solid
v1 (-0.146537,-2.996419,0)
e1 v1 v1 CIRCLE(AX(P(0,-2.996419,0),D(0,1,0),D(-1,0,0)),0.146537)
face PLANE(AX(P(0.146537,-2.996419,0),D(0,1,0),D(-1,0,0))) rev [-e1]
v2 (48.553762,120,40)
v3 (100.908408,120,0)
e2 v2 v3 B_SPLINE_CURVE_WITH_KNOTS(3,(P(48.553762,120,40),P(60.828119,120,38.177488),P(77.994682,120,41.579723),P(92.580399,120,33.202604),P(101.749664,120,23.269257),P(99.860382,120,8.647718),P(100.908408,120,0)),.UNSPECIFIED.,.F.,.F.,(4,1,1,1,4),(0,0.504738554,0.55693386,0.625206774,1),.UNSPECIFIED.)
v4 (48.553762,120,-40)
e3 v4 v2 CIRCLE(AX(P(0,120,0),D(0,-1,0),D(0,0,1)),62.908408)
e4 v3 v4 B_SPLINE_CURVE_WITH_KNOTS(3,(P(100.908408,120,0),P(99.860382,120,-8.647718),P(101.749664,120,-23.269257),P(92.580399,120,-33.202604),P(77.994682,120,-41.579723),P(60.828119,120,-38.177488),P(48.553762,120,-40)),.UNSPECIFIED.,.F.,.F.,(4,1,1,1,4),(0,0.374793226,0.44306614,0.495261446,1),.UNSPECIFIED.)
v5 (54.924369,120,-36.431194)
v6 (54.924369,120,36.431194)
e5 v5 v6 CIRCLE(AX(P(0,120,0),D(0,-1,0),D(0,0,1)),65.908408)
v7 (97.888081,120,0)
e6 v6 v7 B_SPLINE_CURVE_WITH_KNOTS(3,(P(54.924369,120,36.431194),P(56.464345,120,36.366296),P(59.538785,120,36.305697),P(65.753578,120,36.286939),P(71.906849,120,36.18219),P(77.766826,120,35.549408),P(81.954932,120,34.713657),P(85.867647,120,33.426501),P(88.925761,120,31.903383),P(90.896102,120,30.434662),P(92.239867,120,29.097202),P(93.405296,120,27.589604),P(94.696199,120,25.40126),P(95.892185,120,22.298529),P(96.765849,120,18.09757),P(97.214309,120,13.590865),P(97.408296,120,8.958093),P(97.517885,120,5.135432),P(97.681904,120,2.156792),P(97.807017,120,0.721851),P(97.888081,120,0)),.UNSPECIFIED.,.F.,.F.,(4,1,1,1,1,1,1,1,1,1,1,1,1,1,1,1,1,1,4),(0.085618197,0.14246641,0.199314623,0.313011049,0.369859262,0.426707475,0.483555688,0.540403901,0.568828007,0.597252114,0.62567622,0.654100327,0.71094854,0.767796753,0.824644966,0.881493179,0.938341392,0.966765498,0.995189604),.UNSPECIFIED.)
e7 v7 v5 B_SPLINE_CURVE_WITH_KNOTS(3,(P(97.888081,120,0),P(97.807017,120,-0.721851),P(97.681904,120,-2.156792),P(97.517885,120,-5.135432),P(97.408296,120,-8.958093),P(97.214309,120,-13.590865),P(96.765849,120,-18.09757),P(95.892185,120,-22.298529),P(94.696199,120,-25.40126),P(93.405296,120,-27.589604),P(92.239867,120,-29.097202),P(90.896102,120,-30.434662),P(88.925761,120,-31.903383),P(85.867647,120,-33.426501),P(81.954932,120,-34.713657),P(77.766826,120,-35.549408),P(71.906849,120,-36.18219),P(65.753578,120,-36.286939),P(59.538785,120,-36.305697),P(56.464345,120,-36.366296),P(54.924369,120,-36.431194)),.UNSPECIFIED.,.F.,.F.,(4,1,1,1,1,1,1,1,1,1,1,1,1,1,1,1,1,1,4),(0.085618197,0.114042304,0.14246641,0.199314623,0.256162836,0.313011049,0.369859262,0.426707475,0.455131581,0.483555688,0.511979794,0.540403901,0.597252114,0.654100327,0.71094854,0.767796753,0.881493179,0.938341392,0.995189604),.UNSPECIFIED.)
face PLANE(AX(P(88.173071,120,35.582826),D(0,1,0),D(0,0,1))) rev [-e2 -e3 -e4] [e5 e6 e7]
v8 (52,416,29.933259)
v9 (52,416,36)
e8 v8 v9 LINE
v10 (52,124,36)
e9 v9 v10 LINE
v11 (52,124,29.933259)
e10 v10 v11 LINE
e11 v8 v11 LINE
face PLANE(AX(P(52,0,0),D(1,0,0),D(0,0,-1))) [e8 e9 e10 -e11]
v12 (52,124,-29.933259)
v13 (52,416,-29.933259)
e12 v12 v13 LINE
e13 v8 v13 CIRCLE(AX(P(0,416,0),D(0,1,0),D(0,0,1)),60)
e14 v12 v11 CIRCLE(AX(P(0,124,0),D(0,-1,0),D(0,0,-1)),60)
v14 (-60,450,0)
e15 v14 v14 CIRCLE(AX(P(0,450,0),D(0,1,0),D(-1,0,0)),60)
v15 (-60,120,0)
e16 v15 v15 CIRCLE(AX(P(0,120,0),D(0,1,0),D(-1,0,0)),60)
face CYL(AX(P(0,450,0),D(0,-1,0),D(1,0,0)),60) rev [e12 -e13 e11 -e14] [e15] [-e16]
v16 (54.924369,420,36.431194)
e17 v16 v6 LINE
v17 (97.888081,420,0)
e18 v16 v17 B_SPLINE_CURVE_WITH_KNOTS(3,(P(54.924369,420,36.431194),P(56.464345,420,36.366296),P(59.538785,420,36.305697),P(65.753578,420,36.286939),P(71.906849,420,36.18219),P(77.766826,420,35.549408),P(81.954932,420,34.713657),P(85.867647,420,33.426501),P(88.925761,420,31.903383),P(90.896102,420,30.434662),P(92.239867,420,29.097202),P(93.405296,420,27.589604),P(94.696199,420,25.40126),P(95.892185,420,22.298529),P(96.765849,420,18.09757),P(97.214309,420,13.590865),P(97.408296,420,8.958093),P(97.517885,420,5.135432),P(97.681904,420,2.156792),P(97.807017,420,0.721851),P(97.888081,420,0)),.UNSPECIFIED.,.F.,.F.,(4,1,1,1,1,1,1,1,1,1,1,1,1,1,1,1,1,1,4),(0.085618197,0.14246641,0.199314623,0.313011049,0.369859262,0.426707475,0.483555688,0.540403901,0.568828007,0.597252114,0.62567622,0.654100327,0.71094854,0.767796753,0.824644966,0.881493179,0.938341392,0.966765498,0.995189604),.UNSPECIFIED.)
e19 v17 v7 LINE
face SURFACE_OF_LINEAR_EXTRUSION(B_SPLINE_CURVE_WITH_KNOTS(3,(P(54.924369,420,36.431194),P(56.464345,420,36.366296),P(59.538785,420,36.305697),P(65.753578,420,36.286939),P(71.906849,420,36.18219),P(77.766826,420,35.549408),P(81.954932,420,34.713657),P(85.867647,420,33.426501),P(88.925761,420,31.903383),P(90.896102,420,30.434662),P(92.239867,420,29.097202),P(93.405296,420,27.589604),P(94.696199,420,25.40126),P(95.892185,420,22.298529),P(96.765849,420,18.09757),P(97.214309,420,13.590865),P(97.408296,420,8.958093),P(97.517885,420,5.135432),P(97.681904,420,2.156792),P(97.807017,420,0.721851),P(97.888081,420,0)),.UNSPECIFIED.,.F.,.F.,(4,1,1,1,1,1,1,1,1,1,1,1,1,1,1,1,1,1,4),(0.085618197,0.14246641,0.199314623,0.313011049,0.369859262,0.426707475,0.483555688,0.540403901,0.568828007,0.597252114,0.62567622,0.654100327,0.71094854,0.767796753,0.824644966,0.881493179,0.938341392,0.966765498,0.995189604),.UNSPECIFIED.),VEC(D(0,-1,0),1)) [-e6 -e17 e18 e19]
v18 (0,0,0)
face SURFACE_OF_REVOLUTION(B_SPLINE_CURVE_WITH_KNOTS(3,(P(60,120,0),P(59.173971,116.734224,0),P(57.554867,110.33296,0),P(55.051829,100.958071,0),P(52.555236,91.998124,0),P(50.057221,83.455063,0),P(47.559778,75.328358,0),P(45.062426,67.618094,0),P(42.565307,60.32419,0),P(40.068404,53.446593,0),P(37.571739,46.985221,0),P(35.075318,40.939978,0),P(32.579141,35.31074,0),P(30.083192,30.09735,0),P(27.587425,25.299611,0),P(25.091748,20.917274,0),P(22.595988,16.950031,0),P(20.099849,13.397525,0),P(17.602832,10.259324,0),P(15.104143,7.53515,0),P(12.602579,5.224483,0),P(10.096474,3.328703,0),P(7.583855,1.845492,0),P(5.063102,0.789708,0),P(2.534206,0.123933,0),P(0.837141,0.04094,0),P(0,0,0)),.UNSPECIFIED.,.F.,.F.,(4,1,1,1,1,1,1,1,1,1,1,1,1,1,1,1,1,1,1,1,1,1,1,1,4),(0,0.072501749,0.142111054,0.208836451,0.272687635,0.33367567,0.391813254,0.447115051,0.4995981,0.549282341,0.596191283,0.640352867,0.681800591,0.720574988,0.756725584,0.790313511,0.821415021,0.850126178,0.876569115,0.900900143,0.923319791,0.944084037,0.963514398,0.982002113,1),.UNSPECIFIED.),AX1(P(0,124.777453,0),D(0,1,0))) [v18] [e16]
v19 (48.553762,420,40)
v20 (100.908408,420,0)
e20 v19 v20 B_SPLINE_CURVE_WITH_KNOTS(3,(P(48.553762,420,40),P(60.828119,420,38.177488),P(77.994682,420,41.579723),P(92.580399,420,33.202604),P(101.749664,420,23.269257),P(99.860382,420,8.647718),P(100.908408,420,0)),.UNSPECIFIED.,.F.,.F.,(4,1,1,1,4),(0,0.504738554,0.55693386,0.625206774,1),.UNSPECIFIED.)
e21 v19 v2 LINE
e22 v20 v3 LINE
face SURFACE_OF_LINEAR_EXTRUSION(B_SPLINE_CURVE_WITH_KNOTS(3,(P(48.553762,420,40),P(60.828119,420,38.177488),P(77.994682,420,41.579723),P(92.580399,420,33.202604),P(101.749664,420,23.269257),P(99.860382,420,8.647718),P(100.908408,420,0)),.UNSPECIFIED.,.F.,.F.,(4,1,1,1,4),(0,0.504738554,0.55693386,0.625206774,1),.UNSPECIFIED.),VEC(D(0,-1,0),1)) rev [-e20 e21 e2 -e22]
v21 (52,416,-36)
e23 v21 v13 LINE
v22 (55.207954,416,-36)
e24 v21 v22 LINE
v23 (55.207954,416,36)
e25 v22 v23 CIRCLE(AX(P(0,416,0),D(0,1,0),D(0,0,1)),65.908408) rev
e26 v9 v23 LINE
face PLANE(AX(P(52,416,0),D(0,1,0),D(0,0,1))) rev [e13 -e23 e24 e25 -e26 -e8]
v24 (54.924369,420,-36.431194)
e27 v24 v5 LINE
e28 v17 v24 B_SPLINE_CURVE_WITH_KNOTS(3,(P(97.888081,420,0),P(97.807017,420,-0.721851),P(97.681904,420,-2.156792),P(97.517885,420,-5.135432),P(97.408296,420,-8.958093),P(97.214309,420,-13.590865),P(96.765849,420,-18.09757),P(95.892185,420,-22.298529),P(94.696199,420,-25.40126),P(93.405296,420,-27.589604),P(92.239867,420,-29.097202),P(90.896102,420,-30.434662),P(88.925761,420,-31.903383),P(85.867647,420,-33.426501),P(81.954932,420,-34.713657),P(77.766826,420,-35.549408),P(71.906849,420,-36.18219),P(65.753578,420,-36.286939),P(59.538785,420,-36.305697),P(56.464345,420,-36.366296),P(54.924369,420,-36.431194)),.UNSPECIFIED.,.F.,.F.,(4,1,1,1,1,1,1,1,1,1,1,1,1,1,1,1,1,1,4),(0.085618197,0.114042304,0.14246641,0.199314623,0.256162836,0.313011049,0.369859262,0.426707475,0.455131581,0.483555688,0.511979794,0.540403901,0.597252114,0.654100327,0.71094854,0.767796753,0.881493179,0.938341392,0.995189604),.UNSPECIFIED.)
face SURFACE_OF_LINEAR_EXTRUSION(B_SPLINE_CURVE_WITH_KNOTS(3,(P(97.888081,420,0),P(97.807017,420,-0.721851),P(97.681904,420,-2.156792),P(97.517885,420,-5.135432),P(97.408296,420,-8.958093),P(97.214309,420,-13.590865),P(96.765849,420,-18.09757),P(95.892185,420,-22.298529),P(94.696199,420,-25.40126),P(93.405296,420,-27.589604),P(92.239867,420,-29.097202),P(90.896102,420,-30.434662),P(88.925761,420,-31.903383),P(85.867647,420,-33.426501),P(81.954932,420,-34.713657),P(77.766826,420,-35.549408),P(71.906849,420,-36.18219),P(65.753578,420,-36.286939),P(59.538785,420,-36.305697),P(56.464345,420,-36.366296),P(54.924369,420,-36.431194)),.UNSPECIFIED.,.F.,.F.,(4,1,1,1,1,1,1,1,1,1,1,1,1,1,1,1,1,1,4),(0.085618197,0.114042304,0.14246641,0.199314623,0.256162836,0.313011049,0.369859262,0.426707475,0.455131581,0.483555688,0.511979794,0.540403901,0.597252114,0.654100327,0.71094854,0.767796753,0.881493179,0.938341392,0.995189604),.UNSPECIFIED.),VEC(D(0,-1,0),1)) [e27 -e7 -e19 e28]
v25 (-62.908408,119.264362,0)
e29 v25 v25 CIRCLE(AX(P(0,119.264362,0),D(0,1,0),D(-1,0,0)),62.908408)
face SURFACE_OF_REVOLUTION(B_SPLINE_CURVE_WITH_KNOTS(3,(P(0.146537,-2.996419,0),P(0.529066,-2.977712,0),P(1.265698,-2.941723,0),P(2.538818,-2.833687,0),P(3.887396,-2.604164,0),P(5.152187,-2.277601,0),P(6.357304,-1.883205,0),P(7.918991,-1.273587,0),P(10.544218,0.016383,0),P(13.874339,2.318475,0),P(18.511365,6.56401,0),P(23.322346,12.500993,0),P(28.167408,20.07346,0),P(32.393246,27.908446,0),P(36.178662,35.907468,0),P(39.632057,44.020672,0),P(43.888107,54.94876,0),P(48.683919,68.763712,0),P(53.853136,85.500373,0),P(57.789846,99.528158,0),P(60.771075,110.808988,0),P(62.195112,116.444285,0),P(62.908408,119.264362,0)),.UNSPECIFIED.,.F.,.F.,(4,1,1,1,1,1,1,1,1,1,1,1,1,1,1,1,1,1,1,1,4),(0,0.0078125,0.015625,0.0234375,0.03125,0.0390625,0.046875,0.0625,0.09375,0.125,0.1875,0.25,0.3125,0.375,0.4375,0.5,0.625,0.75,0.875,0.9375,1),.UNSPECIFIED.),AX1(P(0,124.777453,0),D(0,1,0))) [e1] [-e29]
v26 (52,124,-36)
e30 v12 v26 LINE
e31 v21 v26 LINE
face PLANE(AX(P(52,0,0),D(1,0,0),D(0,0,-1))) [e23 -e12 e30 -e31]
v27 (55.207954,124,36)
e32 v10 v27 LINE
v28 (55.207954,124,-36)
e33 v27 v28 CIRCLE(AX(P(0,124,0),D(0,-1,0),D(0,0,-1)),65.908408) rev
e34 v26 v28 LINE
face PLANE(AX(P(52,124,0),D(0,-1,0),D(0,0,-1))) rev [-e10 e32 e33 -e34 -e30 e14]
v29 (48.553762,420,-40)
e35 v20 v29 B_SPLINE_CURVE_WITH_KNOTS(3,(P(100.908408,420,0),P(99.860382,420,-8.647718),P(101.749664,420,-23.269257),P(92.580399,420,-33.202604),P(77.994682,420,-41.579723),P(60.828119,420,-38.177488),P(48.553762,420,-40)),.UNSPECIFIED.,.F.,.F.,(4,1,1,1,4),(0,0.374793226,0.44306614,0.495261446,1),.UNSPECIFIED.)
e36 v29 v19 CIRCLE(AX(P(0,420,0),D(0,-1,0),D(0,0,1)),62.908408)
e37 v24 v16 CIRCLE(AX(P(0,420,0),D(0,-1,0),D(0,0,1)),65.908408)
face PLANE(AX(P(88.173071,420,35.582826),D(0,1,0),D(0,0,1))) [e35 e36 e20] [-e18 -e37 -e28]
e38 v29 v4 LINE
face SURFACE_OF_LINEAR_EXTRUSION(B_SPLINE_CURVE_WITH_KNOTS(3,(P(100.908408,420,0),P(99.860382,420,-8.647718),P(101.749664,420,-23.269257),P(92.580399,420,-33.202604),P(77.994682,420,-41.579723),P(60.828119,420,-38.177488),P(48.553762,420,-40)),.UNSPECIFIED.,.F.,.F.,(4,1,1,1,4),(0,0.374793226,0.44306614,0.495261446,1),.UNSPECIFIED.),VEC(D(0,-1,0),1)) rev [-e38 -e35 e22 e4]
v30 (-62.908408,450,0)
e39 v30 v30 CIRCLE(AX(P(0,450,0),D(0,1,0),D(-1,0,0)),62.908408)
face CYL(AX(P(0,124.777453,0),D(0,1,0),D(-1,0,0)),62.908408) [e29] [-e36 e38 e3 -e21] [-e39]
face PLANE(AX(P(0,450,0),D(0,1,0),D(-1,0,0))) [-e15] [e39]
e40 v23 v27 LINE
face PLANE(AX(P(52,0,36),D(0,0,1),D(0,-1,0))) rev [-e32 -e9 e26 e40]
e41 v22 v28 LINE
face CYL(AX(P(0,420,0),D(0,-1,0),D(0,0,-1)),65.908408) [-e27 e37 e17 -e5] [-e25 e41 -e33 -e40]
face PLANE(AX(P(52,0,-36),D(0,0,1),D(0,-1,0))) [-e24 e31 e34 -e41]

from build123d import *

# Parameters (mm, degrees)
SKETCH_2_R          = 62.908407842
SKETCH_2_R_2        = 60
EXTRUDE_1_DEPTH     = 330
EXTRUDE_START       = 120
EXTRUDE_4_DEPTH     = 300
CUT_EXTRUDE_START   = -30
SKETCH_5_W          = 72
SKETCH_5_H          = 292
CUT_EXTRUDE_2_DEPTH = 18


with BuildPart() as part:
    # Эскиз1 → Повернуть1 (revolve)
    with BuildSketch(Plane.XY, mode=Mode.PRIVATE) as revolve_1_sk:
        with BuildLine():
            Line((60, 120), (62.908407842, 120))
            Line((62.908407842, 120), (62.908407842, 119.264361621))
            add(Edge.make_bspline(
                [(0.146537412, -2.996418994), (0.529065696, -2.977711762), (1.265697509, -2.941722703), (2.538817889, -2.833687069), (3.88739557, -2.604163783), (5.15218658, -2.277601106), (6.357304228, -1.883204814), (7.918990528, -1.273586831), (10.544218169, 0.016383007), (13.874338698, 2.31847492), (18.511365407, 6.56400966), (23.322345732, 12.50099289), (28.167408216, 20.073460146), (32.393246289, 27.908446177), (36.178661594, 35.907467812), (39.632056812, 44.020672418), (43.888107126, 54.948760162), (48.683919334, 68.763712386), (53.85313556, 85.500373253), (57.789846115, 99.528158313), (60.771075111, 110.808987883), (62.195111597, 116.444285272), (62.908407842, 119.264361621)],
                knots=[0, 0, 0, 0, 0.0078125, 0.015625, 0.0234375, 0.03125, 0.0390625, 0.046875, 0.0625, 0.09375, 0.125, 0.1875, 0.25, 0.3125, 0.375, 0.4375, 0.5, 0.625, 0.75, 0.875, 0.9375, 1, 1, 1, 1], degree=3))
            Line((0.146537412, -2.996418994), (0, -2.996418994))
            Line((0, -2.996418994), (0, 0))
            add(Edge.make_bspline(
                [(0, 0), (0.837140692, 0.040939679), (2.534205577, 0.123933244), (5.063102053, 0.789708391), (7.583855293, 1.845492224), (10.096473533, 3.328702549), (12.602579391, 5.224483063), (15.104143012, 7.535149761), (17.602831793, 10.259323693), (20.099848518, 13.397524947), (22.595988042, 16.950030693), (25.091747501, 20.917274068), (27.587425035, 25.299610791), (30.083191974, 30.097350083), (32.579141133, 35.310739635), (35.075317674, 40.93997768), (37.571738593, 46.985220711), (40.068403893, 53.446592521), (42.565306801, 60.324190466), (45.062426245, 67.618094165), (47.559777573, 75.328357954), (50.057220794, 83.455062581), (52.555236186, 91.998124473), (55.051829007, 100.958070563), (57.554866504, 110.332960271), (59.173970738, 116.734224244), (60, 120)],
                knots=[0, 0, 0, 0, 0.017997887, 0.036485602, 0.055915963, 0.076680209, 0.099099857, 0.123430885, 0.149873822, 0.178584979, 0.209686489, 0.243274416, 0.279425012, 0.318199409, 0.359647133, 0.403808717, 0.450717659, 0.5004019, 0.552884949, 0.608186746, 0.66632433, 0.727312365, 0.791163549, 0.857888946, 0.927498251, 1, 1, 1, 1], degree=3))
        make_face()
    revolve(revolve_1_sk.sketch.rotate(Axis((0, 124.77745343, 0), (0, -1, 0)), 180), axis=Axis((0, 124.77745343, 0), (0, -1, 0)))

    # Эскиз2 → Бобышка-Вытянуть1 (add)
    with BuildSketch(Plane(origin=(0, 120, 0), x_dir=(1, 0, 0), z_dir=(0, 1, 0))):
        with Locations(Location((0, 0, 0), (0, 0, 180))):
            Circle(SKETCH_2_R)
        with Locations(Location((0, 0, 0), (0, 0, 180))):
            Circle(SKETCH_2_R_2, mode=Mode.SUBTRACT)
    extrude(amount=EXTRUDE_1_DEPTH)

    # Эскиз4 → Бобышка-Вытянуть4 (add)
    with BuildSketch(Plane(origin=(0, 0, 0), x_dir=(1, 0, 0), z_dir=(0, 1, 0)).offset(EXTRUDE_START)):
        with BuildLine():
            ThreePointArc((48.553761721, -40), (62.908407842, 0), (48.553761721, 40))
            add(Edge.make_bspline(
                [(48.553761721, 40), (60.828119415, 38.177487908), (77.99468202, 41.579723017), (92.580398683, 33.202603918), (101.749664185, 23.269257109), (99.86038151, 8.647717799), (100.908407842, 0)],
                knots=[0, 0, 0, 0, 0.504738554, 0.55693386, 0.625206774, 1, 1, 1, 1], degree=3))
            add(Edge.make_bspline(
                [(48.553761721, -40), (60.828119415, -38.177487908), (77.99468202, -41.579723017), (92.580398683, -33.202603918), (101.749664185, -23.269257109), (99.86038151, -8.647717799), (100.908407842, 0)],
                knots=[0, 0, 0, 0, 0.504738554, 0.55693386, 0.625206774, 1, 1, 1, 1], degree=3))
        make_face()
        with BuildLine():
            ThreePointArc((54.92436897, -36.431194291), (65.908407842, 0), (54.92436897, 36.431194291))
            add(Edge.make_bspline(
                [(54.92436897, 36.431194291), (56.464344859, 36.366295679), (59.538784722, 36.305697115), (65.753577843, 36.286939094), (71.906849007, 36.182190371), (77.76682555, 35.549407709), (81.954931622, 34.713657378), (85.867646729, 33.42650111), (88.925760549, 31.903382882), (90.896102096, 30.434662031), (92.239866564, 29.097201613), (93.405295778, 27.589603522), (94.696199244, 25.401260119), (95.892185228, 22.298529224), (96.765849267, 18.097569675), (97.214309459, 13.590864937), (97.408295848, 8.958092718), (97.517885159, 5.135431949), (97.681904417, 2.156792367), (97.80701686, 0.721850881), (97.888081173, 0)],
                knots=[0.085618197, 0.085618197, 0.085618197, 0.085618197, 0.14246641, 0.199314623, 0.313011049, 0.369859262, 0.426707475, 0.483555688, 0.540403901, 0.568828007, 0.597252114, 0.62567622, 0.654100327, 0.71094854, 0.767796753, 0.824644966, 0.881493179, 0.938341392, 0.966765498, 0.995189604, 0.995189604, 0.995189604, 0.995189604], degree=3))
            add(Edge.make_bspline(
                [(97.888081173, 0), (97.80701686, -0.721850881), (97.681904417, -2.156792367), (97.517885159, -5.135431949), (97.408295848, -8.958092718), (97.214309459, -13.590864937), (96.765849267, -18.097569675), (95.892185228, -22.298529224), (94.696199244, -25.401260119), (93.405295778, -27.589603522), (92.239866564, -29.097201613), (90.896102096, -30.434662031), (88.925760549, -31.903382882), (85.867646729, -33.42650111), (81.954931622, -34.713657378), (77.76682555, -35.549407709), (71.906849007, -36.182190371), (65.753577843, -36.286939094), (59.538784722, -36.305697115), (56.464344859, -36.366295679), (54.92436897, -36.431194291)],
                knots=[0.085618197, 0.085618197, 0.085618197, 0.085618197, 0.114042304, 0.14246641, 0.199314623, 0.256162836, 0.313011049, 0.369859262, 0.426707475, 0.455131581, 0.483555688, 0.511979794, 0.540403901, 0.597252114, 0.654100327, 0.71094854, 0.767796753, 0.881493179, 0.938341392, 0.995189604, 0.995189604, 0.995189604, 0.995189604], degree=3))
        make_face(mode=Mode.SUBTRACT)
    extrude(amount=EXTRUDE_4_DEPTH)

    # Эскиз5 → Вырез-Вытянуть2 (cut)
    with BuildSketch(Plane(origin=(100, 0, 0), x_dir=(0, 0, -1), z_dir=(1, 0, 0)).offset(CUT_EXTRUDE_START)):
        with Locations((0, 270)):
            Rectangle(SKETCH_5_W, SKETCH_5_H)
    extrude(amount=-CUT_EXTRUDE_2_DEPTH, mode=Mode.SUBTRACT)


solid = part.part
